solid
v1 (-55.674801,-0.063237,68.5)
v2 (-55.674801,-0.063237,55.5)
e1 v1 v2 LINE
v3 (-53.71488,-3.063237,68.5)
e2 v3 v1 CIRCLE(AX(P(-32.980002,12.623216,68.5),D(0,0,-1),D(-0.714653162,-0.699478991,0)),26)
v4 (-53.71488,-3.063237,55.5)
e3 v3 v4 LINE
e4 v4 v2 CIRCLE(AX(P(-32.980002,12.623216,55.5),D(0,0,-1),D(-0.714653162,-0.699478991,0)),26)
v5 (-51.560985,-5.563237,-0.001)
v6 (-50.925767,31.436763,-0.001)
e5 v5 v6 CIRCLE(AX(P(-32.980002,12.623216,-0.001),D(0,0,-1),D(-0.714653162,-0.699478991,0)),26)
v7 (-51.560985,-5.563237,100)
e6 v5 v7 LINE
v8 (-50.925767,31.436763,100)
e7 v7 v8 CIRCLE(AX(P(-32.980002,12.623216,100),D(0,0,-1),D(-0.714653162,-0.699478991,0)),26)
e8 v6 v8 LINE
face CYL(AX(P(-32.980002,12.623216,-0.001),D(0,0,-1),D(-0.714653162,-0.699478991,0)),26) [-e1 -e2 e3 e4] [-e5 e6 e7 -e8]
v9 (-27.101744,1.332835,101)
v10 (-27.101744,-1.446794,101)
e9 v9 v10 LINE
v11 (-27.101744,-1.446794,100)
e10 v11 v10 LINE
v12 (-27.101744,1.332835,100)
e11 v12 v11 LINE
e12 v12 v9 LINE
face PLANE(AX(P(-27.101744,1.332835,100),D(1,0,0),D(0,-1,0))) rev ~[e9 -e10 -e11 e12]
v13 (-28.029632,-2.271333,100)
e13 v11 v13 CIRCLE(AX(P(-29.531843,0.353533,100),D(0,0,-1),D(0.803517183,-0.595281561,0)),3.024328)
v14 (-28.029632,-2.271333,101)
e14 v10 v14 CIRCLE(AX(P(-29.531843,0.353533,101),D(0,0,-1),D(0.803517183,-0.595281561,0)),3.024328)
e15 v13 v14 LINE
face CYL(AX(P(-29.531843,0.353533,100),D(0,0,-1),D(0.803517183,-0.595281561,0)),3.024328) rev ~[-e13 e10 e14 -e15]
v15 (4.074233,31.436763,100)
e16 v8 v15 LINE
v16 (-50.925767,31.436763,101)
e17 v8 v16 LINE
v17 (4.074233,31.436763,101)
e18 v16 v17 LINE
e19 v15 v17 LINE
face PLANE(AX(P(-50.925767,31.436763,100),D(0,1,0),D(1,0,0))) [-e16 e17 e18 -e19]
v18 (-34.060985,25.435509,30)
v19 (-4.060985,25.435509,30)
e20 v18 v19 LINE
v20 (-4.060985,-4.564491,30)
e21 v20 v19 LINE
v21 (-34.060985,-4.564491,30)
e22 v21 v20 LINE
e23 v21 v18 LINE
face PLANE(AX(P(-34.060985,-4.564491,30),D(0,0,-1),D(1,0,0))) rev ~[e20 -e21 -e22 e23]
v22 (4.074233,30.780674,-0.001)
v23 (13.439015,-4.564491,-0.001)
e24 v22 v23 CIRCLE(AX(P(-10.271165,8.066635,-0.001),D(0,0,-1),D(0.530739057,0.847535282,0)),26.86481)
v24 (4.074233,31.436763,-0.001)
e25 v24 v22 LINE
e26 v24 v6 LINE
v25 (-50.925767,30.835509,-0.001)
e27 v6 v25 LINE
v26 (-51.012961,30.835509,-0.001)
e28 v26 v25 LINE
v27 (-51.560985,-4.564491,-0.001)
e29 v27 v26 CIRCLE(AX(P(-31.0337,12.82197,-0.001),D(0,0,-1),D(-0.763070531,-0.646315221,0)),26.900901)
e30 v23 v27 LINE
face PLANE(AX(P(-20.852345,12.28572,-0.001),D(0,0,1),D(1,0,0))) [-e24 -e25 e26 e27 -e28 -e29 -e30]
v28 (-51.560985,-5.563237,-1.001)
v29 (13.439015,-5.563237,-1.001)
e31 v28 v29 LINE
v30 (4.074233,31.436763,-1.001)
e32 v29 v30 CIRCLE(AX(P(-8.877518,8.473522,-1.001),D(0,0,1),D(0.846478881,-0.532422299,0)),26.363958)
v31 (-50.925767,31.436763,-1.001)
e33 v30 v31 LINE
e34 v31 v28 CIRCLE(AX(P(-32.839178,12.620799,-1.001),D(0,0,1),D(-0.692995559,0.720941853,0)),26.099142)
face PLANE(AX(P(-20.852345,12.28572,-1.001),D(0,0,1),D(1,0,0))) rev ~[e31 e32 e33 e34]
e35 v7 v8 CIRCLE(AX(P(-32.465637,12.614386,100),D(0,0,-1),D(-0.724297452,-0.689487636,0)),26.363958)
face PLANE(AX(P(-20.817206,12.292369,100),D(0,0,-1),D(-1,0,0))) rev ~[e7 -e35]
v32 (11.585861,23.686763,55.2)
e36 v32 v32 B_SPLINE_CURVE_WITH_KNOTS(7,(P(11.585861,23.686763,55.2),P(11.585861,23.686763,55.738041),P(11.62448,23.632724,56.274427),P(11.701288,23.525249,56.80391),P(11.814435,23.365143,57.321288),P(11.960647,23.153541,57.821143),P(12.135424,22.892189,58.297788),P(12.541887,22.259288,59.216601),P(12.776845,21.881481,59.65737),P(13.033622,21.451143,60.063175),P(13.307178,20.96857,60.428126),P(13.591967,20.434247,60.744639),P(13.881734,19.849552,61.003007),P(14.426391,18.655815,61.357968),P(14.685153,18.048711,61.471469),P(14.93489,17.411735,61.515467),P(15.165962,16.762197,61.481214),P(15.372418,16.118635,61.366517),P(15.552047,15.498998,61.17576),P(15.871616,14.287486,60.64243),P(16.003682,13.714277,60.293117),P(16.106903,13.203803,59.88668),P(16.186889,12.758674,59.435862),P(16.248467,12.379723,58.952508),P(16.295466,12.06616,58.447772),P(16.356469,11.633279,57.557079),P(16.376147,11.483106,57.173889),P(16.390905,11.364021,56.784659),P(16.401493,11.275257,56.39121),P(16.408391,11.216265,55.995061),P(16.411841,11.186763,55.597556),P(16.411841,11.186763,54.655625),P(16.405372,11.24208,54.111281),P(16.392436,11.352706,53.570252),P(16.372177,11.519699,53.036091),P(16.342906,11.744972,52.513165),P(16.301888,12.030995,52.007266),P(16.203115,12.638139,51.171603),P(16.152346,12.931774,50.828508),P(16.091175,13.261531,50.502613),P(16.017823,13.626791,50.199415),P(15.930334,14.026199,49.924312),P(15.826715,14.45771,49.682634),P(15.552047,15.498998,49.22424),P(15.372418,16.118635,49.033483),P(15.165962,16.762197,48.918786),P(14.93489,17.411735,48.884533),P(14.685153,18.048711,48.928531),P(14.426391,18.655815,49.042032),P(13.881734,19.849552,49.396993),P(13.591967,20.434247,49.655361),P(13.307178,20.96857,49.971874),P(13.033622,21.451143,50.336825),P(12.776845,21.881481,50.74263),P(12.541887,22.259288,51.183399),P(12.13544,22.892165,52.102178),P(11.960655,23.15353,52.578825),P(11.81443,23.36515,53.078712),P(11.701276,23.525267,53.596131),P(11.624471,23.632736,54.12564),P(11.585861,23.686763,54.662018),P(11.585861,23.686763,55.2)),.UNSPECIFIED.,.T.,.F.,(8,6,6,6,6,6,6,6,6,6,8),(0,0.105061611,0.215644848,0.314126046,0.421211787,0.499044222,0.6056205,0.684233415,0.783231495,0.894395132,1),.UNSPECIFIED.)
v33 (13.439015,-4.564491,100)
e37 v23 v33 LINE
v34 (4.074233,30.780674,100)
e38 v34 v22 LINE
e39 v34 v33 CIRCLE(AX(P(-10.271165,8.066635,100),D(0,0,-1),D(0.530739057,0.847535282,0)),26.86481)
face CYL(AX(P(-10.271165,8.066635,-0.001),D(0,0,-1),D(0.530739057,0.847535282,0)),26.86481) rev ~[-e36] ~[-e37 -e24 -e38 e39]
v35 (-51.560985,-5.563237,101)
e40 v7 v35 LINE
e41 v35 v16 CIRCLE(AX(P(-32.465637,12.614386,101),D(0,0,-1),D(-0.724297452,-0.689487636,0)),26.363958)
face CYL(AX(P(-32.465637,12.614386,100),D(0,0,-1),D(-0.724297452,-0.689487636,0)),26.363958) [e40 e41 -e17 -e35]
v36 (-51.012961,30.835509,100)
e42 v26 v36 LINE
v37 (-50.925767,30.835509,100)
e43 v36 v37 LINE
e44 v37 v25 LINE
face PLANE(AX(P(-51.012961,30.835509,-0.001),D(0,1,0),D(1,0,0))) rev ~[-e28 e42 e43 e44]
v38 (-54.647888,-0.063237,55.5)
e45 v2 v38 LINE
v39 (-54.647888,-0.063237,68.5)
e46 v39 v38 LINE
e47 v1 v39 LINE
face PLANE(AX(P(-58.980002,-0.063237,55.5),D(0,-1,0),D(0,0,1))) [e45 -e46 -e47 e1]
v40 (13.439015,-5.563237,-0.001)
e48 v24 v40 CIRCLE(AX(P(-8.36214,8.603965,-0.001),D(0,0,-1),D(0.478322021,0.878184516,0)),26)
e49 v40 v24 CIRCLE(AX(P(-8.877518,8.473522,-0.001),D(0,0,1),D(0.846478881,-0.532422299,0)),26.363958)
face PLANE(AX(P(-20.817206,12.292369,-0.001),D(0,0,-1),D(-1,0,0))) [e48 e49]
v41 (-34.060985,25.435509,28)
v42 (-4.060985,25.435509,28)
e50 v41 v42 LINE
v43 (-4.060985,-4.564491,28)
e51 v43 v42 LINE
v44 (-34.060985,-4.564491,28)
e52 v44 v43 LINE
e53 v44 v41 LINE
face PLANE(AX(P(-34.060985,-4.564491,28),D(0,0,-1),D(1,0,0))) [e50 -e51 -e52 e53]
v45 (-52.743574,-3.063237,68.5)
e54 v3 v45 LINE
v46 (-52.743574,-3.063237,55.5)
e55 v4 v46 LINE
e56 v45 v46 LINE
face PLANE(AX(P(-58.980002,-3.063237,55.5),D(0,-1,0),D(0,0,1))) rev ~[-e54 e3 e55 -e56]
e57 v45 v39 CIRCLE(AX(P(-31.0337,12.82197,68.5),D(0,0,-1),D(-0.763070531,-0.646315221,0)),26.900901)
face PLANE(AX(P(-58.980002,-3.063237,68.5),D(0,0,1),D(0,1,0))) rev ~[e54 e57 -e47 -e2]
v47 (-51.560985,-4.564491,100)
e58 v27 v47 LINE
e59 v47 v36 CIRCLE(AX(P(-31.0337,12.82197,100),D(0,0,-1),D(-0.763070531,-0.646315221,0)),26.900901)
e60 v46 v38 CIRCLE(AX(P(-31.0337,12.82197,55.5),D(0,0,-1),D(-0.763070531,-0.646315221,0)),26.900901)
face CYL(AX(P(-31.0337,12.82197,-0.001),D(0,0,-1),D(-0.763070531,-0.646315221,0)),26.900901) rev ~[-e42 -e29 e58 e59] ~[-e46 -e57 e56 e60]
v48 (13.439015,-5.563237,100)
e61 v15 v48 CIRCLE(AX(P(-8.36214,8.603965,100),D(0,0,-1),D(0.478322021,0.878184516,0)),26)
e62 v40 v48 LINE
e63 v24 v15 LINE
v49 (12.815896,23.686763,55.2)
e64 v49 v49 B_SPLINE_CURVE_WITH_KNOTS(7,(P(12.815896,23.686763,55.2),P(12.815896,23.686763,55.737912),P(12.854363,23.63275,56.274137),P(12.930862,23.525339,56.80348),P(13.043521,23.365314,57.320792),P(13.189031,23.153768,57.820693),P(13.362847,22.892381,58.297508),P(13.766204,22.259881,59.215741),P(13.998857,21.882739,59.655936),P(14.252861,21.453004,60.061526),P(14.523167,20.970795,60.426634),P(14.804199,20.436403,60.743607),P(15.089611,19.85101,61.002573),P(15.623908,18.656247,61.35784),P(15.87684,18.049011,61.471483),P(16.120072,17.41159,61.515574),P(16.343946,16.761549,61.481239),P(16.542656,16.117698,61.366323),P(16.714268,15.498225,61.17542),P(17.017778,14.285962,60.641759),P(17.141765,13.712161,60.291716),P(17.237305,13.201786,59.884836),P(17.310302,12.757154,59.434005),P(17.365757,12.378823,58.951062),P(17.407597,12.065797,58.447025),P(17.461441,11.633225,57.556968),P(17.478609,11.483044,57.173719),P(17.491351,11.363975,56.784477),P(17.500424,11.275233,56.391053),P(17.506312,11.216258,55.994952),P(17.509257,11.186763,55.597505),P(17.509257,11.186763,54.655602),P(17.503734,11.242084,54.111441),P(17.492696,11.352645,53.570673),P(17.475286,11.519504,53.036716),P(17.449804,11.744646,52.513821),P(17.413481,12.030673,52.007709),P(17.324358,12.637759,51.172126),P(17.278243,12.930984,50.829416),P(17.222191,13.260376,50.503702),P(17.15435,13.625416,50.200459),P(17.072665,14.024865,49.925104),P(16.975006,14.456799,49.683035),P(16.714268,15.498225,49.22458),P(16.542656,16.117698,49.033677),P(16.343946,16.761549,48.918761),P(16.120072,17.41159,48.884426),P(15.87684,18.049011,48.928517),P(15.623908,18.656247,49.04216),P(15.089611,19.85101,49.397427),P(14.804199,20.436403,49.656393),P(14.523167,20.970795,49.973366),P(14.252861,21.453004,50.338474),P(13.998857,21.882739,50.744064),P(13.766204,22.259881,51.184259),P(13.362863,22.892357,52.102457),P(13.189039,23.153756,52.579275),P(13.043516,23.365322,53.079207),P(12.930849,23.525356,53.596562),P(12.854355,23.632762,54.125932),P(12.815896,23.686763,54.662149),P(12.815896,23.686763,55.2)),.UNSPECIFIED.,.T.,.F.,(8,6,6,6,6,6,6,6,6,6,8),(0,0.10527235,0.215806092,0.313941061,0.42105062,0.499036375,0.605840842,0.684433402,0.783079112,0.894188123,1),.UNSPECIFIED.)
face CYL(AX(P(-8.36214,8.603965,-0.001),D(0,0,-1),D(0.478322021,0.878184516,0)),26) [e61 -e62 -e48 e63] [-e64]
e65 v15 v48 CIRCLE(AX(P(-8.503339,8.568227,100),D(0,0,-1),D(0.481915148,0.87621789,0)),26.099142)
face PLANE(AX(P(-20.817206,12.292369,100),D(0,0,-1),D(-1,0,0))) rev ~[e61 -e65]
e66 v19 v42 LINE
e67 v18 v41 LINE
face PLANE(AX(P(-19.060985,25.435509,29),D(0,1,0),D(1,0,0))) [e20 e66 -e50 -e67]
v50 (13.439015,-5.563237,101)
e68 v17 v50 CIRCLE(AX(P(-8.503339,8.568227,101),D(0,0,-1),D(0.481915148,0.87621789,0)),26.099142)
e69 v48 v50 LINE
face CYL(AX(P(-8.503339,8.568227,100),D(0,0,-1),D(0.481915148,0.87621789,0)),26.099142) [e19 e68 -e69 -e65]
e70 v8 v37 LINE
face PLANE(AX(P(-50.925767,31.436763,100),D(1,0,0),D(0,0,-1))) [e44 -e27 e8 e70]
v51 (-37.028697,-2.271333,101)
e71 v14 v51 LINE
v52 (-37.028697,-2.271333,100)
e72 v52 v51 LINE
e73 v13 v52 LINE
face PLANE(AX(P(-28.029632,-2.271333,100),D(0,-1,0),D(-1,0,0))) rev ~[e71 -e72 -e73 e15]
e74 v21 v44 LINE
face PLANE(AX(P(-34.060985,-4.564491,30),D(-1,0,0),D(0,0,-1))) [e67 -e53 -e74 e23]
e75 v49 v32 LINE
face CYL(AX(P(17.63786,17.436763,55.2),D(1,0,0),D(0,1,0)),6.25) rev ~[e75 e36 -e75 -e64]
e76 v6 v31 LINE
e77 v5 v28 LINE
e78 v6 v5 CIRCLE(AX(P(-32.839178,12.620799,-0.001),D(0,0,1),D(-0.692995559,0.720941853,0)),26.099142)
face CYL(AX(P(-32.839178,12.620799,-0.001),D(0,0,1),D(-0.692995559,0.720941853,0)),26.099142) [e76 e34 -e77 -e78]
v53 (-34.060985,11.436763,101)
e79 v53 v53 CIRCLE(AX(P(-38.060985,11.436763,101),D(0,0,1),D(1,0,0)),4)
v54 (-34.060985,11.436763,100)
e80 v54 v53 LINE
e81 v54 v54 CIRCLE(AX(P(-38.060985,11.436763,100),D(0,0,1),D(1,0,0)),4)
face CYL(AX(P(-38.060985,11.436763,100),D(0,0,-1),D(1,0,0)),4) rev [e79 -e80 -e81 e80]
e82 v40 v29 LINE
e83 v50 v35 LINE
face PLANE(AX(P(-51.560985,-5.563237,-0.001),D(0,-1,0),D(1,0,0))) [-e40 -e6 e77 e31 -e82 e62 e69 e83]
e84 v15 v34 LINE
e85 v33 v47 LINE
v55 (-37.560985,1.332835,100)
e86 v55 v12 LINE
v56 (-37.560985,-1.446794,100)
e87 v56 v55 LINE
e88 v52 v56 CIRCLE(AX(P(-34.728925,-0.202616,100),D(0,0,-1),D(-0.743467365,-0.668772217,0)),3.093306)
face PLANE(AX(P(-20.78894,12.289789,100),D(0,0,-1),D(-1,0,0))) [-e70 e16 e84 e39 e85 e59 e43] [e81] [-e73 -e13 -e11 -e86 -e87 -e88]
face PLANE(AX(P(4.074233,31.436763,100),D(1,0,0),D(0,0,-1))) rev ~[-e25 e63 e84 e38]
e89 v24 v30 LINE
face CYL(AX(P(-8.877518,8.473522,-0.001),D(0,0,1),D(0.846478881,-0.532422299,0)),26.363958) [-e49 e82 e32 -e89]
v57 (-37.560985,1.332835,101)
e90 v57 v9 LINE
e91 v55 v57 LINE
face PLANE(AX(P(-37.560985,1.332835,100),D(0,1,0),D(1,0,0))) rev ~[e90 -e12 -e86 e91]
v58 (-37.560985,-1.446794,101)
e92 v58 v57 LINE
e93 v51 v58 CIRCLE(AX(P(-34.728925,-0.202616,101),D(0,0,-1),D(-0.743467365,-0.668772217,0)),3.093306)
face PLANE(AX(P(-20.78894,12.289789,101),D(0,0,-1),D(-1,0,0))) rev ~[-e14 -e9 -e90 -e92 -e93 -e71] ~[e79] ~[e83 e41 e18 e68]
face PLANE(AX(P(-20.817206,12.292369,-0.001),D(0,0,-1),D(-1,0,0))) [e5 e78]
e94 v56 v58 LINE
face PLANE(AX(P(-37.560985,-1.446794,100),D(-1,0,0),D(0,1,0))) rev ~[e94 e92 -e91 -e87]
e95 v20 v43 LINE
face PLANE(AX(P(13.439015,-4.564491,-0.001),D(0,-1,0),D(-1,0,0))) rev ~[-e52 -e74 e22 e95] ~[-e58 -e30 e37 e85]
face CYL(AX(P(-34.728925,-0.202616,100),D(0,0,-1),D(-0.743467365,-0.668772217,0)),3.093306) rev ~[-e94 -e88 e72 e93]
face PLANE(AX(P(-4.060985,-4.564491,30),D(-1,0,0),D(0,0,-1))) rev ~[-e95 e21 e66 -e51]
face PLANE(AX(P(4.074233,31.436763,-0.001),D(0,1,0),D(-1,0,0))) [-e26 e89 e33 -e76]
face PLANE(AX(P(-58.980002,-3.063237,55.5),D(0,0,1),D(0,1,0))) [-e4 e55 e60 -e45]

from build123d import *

# Parameters (mm, degrees)
BOSS_EXTRUDE6_DEPTH      = 100
BOSS_EXTRUDE6_DEPTH_BACK = 0.001
SKETCH19_R               = 6.25
SIDE_BUTTON_DEPTH        = 10
SKETCH21_W               = 13
SKETCH21_H               = 3
SD_DEPTH                 = 10
SKETCH_5_W               = 55
SKETCH_5_H               = 100.001
CUT_EXTRUDE_4_DEPTH      = 7
SKETCH_4_R               = 4
PORTS_DEPTH              = 1
TOP_COVER_DEPTH          = 1
SKETCH_7_W               = 30
SKETCH_7_H               = 2
EXTRUDE_5_DEPTH          = 30


with BuildPart() as part:
    # Sketch11 → Boss-Extrude6 (new, two sides: drawn at the far end of the back side and taken through both)
    with BuildSketch(Plane.XY.offset(-BOSS_EXTRUDE6_DEPTH_BACK)):
        with BuildLine():
            Line((-50.925767273, 31.436762529), (4.074232727, 31.436762529))
            ThreePointArc((4.074232727, 31.436762529), (16.843059589, 14.983457432), (13.439015431, -5.563237471))
            Line((13.439015431, -5.563237471), (-51.560984569, -5.563237471))
            ThreePointArc((-51.560984569, -5.563237471), (-58.976171577, 13.069519435), (-50.925767273, 31.436762529))
        make_face()
        with BuildLine():
            Line((-51.012961367, 30.835508878), (3.987038633, 30.835508878))
            ThreePointArc((3.987038633, 30.835508878), (15.684365135, 14.996890968), (13.439015431, -4.564491122))
            Line((13.439015431, -4.564491122), (-51.560984569, -4.564491122))
            ThreePointArc((-51.560984569, -4.564491122), (-57.931377732, 13.23837012), (-51.012961367, 30.835508878))
        make_face(mode=Mode.SUBTRACT)
    extrude(amount=BOSS_EXTRUDE6_DEPTH + BOSS_EXTRUDE6_DEPTH_BACK)

    # Sketch19 → side button (cut)
    with BuildSketch(Plane(origin=(17.637860169, 0, 0), x_dir=(0, 0, -1), z_dir=(1, 0, 0))):
        with Locations(Location((-55.2, 17.436762529, 0), (0, 0, 90))):
            Circle(SKETCH19_R)
    extrude(amount=-SIDE_BUTTON_DEPTH, mode=Mode.SUBTRACT)

    # Sketch21 → sd (cut)
    with BuildSketch(Plane.ZY.offset(58.980002369)):
        with Locations((62, -1.563237471)):
            Rectangle(SKETCH21_W, SKETCH21_H)
    extrude(amount=-SD_DEPTH, mode=Mode.SUBTRACT)

    # 草图5 → 切除-拉伸4 (cut)
    with BuildSketch(Plane(origin=(0, 31.436762529, 0), x_dir=(1, 0, 0), z_dir=(0, 1, 0))):
        with Locations((-23.425767273, -49.9995)):
            Rectangle(SKETCH_5_W, SKETCH_5_H)
    extrude(amount=-CUT_EXTRUDE_4_DEPTH, mode=Mode.SUBTRACT)

    # 草图4 → ports (add)
    with BuildSketch(Plane.XY.offset(100)):
        with BuildLine():
            Line((-50.925767273, 31.436762529), (4.074232727, 31.436762529))
            ThreePointArc((4.074232727, 31.436762529), (16.797971673, 14.972045579), (13.439015431, -5.563237471))
            Line((13.439015431, -5.563237471), (-51.560984569, -5.563237471))
            ThreePointArc((-51.560984569, -5.563237471), (-58.825710556, 13.066936315), (-50.925767273, 31.436762529))
        make_face()
        with Locations((-38.060984569, 11.436762529)):
            Circle(SKETCH_4_R, mode=Mode.SUBTRACT)
        with BuildLine():
            Line((-37.560984569, 1.332835104), (-27.101744103, 1.332835104))
            Line((-27.101744103, 1.332835104), (-27.101744103, -1.446793765))
            ThreePointArc((-27.101744103, -1.446793765), (-27.522930097, -1.907180738), (-28.029632197, -2.271332887))
            Line((-28.029632197, -2.271332887), (-37.028696773, -2.271332887))
            ThreePointArc((-37.028696773, -2.271332887), (-37.327749623, -1.880307962), (-37.560984569, -1.446793765))
            Line((-37.560984569, -1.446793765), (-37.560984569, 1.332835104))
        make_face(mode=Mode.SUBTRACT)
    extrude(amount=PORTS_DEPTH)

    # 草图6 → top cover (add)
    with BuildSketch(Plane(origin=(0, 0, -0.001), x_dir=(-1, 0, 0), z_dir=(0, 0, -1))):
        with BuildLine():
            Line((-4.074232727, 31.436762529), (50.925767273, 31.436762529))
            ThreePointArc((50.925767273, 31.436762529), (58.934474425, 13.068803577), (51.560984569, -5.563237471))
            Line((51.560984569, -5.563237471), (-13.439015431, -5.563237471))
            ThreePointArc((-13.439015431, -5.563237471), (-16.680513275, 14.942316596), (-4.074232727, 31.436762529))
        make_face()
    extrude(amount=TOP_COVER_DEPTH)

    # 草图7 → 凸台-拉伸5 (add)
    with BuildSketch(Plane(origin=(0, -4.564491122, 0), x_dir=(1, 0, 0), z_dir=(0, 1, 0))):
        with Locations((-19.060984569, -29)):
            Rectangle(SKETCH_7_W, SKETCH_7_H)
    extrude(amount=EXTRUDE_5_DEPTH)


solid = part.part
